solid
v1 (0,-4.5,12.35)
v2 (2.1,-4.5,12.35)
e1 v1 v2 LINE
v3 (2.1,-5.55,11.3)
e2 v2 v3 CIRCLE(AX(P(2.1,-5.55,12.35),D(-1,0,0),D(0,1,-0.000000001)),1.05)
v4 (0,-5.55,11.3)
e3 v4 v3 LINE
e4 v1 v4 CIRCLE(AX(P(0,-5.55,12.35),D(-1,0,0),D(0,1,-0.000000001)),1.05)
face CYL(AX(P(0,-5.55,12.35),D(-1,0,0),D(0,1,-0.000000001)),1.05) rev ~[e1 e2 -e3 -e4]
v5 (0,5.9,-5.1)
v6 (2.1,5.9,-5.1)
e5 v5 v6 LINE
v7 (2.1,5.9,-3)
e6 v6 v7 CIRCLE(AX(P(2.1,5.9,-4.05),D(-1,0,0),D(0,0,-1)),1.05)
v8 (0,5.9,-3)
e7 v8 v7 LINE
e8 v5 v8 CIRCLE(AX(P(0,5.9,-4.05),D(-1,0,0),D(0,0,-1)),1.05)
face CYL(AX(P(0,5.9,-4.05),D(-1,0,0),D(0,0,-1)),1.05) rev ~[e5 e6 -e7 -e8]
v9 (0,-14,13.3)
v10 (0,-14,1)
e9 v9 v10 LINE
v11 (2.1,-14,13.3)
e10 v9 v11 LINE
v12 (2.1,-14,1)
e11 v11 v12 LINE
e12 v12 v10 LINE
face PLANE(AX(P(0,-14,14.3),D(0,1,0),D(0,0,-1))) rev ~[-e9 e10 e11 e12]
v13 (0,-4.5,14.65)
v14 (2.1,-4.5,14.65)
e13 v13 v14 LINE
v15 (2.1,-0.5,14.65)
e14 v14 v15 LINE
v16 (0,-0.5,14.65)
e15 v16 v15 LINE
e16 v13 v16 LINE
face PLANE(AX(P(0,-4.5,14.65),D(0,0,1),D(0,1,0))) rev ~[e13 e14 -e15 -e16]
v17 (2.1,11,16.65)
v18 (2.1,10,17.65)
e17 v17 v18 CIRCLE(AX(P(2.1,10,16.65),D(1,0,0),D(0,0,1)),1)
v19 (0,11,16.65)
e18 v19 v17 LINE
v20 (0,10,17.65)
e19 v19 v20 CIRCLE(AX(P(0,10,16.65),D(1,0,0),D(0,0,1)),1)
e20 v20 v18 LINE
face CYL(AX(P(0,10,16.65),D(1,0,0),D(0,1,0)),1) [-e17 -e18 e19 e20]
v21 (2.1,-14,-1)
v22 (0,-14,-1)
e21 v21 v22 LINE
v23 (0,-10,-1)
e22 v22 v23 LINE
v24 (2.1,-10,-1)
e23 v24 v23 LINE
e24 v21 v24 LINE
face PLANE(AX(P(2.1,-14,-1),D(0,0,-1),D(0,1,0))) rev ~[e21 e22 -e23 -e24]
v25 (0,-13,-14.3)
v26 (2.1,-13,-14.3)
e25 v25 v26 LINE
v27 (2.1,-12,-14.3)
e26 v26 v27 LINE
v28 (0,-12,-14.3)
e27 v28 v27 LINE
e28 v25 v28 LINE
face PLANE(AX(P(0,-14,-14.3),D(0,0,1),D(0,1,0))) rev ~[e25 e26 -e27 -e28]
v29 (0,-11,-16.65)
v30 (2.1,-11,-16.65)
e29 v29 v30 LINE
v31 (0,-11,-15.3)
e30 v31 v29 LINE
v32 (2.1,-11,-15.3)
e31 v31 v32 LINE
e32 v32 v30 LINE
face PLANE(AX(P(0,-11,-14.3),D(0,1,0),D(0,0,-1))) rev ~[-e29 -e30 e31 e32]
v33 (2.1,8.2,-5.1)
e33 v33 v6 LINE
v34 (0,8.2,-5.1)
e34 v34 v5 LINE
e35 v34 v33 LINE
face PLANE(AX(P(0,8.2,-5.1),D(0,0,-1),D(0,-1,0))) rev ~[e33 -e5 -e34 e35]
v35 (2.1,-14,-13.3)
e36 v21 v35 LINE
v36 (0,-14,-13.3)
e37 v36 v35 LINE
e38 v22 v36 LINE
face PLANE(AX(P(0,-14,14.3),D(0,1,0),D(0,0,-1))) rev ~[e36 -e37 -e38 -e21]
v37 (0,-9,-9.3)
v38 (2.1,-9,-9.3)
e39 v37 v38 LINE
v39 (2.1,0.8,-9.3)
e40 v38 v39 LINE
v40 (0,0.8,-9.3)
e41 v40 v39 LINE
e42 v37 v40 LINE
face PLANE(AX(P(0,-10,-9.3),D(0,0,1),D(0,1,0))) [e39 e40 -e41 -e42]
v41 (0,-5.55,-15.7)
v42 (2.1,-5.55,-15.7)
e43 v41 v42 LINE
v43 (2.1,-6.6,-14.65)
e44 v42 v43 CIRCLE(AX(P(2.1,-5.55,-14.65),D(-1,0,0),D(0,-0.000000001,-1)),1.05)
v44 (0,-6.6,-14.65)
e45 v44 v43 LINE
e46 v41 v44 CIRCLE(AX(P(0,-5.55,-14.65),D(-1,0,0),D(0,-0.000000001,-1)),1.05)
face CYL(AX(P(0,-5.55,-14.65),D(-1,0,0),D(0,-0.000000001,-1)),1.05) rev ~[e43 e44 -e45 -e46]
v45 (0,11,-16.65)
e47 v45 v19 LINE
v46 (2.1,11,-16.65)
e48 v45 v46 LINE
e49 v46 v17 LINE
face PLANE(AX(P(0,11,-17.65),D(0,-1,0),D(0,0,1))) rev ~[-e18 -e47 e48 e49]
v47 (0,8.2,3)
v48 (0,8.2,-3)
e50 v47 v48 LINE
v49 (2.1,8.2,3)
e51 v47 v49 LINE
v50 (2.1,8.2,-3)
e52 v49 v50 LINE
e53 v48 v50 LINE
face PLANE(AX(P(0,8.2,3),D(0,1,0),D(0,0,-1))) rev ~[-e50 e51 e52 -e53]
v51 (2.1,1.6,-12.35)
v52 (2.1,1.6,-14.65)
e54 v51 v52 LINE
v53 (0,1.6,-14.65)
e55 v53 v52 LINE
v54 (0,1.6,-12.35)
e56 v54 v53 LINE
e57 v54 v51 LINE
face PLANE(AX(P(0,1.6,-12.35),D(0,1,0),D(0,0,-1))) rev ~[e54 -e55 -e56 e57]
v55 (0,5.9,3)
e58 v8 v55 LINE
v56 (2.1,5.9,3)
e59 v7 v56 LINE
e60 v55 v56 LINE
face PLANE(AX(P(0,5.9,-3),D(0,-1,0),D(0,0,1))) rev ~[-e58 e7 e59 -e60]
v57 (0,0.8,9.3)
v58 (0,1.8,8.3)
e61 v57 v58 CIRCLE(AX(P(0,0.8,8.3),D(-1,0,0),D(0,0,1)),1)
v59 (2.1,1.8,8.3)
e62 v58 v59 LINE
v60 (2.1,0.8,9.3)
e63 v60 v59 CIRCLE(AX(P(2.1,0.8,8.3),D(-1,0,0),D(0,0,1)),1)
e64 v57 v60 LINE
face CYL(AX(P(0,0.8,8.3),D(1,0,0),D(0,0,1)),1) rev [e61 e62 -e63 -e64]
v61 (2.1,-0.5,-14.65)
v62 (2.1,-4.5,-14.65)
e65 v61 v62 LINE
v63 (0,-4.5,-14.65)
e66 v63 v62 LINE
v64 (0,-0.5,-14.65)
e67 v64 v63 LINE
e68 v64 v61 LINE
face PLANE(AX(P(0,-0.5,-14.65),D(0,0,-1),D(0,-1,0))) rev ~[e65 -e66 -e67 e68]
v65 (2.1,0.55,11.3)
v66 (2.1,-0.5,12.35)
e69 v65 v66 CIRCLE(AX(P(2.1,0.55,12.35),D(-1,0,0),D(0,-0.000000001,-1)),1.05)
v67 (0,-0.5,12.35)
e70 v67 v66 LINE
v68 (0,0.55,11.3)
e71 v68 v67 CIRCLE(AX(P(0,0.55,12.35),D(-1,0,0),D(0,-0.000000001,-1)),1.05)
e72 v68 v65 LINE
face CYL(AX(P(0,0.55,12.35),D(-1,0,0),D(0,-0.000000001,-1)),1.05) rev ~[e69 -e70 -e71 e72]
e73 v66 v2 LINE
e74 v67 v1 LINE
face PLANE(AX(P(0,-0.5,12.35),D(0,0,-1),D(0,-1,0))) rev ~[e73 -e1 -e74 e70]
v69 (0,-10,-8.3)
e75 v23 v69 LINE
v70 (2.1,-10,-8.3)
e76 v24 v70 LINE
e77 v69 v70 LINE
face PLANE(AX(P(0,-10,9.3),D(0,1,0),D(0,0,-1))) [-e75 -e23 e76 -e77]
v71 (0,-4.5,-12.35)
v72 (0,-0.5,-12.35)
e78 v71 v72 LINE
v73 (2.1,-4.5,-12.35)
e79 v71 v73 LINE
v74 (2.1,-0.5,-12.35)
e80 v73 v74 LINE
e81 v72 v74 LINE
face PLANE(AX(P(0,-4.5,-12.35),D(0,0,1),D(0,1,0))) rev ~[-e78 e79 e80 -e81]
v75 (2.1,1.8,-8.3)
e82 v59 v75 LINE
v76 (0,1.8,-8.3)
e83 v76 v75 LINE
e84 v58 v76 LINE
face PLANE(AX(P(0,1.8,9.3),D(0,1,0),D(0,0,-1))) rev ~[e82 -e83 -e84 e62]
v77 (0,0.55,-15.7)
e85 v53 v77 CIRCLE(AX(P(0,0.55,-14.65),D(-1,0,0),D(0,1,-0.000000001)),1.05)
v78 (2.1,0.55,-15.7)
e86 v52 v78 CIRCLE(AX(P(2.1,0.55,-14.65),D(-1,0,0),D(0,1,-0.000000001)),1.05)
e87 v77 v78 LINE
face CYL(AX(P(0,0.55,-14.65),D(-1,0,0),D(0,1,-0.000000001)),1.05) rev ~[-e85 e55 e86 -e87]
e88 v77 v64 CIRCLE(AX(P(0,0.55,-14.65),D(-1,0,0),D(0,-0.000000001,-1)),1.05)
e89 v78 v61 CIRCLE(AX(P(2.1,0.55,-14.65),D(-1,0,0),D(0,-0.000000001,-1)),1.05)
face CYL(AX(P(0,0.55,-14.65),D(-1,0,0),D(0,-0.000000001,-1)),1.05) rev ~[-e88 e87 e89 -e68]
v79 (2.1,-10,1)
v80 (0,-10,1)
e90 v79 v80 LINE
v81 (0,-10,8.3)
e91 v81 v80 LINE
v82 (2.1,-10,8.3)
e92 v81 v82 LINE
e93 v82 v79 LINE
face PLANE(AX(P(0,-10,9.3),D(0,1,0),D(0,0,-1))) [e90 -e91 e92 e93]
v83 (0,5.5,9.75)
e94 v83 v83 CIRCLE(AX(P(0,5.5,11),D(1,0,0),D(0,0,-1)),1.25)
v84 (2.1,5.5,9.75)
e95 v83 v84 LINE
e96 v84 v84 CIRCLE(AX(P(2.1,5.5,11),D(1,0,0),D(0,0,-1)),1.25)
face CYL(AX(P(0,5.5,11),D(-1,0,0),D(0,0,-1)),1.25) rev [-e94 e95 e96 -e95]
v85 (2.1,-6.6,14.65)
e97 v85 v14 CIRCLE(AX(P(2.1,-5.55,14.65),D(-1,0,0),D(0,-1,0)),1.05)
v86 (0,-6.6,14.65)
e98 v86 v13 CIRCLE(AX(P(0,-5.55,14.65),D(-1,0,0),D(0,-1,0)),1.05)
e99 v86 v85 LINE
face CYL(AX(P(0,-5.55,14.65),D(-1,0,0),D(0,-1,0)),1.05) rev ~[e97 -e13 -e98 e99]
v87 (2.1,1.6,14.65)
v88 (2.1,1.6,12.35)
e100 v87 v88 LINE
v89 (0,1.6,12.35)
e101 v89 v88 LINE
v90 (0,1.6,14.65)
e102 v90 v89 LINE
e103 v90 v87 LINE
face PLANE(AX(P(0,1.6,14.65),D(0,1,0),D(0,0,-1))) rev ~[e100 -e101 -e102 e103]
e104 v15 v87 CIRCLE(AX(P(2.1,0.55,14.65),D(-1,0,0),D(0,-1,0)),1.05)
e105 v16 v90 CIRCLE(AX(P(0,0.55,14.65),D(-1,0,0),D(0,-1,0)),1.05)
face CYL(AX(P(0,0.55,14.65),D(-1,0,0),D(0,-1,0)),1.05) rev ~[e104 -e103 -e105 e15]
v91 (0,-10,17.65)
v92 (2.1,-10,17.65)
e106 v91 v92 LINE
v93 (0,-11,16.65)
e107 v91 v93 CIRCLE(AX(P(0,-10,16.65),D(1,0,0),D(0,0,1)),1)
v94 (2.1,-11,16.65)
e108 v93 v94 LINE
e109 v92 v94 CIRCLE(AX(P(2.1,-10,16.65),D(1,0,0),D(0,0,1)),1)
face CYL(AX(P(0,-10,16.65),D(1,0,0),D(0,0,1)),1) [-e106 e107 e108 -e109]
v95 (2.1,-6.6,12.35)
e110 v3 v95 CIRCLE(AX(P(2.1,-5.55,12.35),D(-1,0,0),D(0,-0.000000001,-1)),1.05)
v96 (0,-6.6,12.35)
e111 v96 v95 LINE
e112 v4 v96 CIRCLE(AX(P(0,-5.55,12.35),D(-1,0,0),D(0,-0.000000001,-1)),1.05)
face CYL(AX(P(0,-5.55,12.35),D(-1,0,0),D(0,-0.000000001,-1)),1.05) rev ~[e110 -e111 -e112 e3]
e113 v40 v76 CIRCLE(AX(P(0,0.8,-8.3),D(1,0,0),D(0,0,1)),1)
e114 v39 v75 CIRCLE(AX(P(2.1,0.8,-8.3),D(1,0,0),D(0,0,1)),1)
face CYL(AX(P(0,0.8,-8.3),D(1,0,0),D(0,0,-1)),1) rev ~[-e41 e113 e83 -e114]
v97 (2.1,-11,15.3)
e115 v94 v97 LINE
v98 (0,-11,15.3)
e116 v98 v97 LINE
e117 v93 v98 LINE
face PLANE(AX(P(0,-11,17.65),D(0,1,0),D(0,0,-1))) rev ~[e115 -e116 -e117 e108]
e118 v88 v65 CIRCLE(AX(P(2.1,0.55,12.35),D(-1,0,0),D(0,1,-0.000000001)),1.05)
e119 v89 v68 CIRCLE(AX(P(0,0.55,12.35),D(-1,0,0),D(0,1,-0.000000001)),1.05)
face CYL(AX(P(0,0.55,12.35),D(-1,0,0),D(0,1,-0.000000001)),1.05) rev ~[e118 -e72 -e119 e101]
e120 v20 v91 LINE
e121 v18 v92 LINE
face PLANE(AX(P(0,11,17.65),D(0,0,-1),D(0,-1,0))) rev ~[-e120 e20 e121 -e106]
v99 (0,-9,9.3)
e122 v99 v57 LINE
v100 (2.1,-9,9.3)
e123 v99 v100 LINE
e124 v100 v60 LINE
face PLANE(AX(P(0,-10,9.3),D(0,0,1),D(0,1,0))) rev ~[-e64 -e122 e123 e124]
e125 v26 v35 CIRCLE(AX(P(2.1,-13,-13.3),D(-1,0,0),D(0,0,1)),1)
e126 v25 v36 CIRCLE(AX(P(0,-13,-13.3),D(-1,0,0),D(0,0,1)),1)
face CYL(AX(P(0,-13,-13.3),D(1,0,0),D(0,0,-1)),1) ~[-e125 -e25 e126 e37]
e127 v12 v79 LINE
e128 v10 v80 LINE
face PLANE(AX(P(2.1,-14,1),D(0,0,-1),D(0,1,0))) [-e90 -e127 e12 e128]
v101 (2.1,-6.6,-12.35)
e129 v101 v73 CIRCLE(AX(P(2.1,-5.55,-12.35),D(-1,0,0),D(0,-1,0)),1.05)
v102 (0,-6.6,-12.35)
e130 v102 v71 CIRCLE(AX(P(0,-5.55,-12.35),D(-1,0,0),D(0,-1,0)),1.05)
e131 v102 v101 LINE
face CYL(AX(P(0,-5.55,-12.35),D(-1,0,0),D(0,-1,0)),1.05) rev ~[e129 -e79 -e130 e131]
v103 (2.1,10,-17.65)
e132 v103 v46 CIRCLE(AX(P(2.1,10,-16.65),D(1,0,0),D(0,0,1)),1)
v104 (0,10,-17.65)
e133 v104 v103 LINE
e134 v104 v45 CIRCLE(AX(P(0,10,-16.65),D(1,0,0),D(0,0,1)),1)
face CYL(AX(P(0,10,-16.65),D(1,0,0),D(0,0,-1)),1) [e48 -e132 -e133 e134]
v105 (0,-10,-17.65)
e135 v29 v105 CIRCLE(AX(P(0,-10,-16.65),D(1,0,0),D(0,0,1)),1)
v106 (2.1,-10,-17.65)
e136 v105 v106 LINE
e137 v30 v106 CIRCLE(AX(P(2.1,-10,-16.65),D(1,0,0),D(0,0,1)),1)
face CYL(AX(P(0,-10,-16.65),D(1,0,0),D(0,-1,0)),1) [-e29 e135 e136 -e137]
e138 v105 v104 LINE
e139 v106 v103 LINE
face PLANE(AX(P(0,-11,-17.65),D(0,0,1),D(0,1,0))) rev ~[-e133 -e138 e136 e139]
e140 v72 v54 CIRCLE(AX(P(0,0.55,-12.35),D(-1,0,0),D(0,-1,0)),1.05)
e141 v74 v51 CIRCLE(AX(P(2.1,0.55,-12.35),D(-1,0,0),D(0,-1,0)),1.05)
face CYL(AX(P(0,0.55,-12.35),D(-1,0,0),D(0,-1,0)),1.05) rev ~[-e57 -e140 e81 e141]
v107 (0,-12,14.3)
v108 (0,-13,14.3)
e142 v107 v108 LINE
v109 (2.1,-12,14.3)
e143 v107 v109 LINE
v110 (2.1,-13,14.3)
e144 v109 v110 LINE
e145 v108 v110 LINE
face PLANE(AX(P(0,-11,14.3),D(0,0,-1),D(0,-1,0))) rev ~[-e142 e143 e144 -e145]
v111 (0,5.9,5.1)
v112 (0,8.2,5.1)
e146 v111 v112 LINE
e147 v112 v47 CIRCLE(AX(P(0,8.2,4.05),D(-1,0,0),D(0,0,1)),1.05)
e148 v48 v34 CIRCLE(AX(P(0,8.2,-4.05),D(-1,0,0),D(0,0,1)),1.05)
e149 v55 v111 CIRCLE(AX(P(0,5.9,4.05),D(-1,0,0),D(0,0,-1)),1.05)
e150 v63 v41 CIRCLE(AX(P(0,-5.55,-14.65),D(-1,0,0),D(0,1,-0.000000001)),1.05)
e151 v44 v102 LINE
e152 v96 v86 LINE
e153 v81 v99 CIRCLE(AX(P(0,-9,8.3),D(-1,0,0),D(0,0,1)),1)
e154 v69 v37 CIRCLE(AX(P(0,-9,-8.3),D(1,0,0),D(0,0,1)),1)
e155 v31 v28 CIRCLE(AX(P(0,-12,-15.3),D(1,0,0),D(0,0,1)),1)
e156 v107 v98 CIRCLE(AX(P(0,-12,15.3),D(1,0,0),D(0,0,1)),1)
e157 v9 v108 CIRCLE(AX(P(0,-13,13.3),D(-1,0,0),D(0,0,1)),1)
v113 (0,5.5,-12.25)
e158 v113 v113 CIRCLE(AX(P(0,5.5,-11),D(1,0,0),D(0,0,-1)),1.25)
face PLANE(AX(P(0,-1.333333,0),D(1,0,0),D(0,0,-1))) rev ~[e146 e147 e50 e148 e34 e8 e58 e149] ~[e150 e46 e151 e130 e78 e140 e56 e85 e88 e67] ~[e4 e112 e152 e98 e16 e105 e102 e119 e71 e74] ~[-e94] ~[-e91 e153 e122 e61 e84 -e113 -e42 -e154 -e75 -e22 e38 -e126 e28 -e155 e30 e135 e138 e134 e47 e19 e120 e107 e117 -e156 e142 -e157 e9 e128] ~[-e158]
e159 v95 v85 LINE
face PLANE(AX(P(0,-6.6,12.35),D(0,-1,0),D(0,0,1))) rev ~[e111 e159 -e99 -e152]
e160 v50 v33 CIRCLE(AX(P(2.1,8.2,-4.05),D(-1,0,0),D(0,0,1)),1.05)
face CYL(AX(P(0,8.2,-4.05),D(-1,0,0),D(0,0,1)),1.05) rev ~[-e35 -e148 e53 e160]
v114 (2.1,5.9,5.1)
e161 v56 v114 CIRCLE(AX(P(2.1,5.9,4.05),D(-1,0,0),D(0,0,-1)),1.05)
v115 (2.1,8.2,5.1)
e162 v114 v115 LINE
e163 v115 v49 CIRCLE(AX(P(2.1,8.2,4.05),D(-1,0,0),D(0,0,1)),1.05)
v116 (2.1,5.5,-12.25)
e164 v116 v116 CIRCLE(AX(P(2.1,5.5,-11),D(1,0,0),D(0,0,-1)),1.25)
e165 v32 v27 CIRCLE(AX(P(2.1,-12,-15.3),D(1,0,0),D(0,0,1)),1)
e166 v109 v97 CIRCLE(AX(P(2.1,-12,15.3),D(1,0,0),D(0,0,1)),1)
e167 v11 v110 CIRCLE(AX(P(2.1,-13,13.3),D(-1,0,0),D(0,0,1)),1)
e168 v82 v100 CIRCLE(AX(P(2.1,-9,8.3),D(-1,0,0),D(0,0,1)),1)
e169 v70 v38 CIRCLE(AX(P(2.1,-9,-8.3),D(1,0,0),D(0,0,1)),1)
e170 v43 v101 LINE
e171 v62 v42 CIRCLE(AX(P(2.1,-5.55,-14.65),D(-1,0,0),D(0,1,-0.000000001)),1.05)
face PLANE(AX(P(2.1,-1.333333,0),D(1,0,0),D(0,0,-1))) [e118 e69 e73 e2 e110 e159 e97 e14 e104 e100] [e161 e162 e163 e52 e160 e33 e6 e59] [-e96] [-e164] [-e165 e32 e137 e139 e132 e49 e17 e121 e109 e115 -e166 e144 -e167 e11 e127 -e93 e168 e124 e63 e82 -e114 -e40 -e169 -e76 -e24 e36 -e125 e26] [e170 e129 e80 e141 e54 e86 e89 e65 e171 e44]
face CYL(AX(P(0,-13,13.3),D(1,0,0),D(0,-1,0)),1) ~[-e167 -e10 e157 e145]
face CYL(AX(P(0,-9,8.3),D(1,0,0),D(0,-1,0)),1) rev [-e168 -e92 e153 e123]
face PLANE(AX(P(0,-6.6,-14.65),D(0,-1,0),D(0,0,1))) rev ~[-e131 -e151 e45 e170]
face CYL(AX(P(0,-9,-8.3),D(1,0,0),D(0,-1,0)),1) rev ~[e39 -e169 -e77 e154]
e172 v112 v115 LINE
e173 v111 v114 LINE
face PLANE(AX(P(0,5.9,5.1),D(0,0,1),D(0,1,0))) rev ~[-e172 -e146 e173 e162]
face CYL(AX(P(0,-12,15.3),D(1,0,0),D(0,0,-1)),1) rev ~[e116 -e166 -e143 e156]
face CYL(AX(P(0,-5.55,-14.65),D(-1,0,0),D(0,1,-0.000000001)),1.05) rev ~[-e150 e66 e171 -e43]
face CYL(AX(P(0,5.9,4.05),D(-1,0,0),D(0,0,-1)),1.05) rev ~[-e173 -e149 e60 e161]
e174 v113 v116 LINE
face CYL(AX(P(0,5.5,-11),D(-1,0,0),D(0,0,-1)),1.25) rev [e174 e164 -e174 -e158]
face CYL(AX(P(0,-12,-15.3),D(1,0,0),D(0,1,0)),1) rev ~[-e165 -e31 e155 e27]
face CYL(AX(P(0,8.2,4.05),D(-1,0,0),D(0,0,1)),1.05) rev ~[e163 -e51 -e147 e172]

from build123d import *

# Parameters (mm, degrees)
SKETCH_1_W          = 18.6
SKETCH_1_H          = 11.8
SKETCH_1_R          = 1.25
EXTRUDE_1_DEPTH     = 2.1
FILLET_1_R          = 1
SKETCH_2_W          = 2
SKETCH_2_H          = 4
CUT_EXTRUDE_1_DEPTH = 10


with BuildPart() as part:
    # 草图1 → 凸台-拉伸1 (new body)
    with BuildSketch(Plane(origin=(0, 0, 0), x_dir=(0, 0, -1), z_dir=(1, 0, 0))):
        Polygon((14.3, -11), (17.65, -11), (17.65, 11), (-17.65, 11), (-17.65, -11), (-14.3, -11), (-14.3, -14), (14.3, -14), align=None)
        with BuildLine():
            ThreePointArc((-11.3, -5.55), (-11.60753788, -6.29246212), (-12.35, -6.6))
            Line((-12.35, -6.6), (-14.65, -6.6))
            ThreePointArc((-14.65, -6.6), (-15.7, -5.55), (-14.65, -4.5))
            Line((-14.65, -4.5), (-14.65, -0.5))
            ThreePointArc((-14.65, -0.5), (-15.7, 0.55), (-14.65, 1.6))
            Line((-14.65, 1.6), (-12.35, 1.6))
            ThreePointArc((-12.35, 1.6), (-11.60753788, 1.29246212), (-11.3, 0.55))
            ThreePointArc((-11.3, 0.55), (-11.60753788, -0.19246212), (-12.35, -0.5))
            Line((-12.35, -0.5), (-12.35, -4.5))
            ThreePointArc((-12.35, -4.5), (-11.60753788, -4.80753788), (-11.3, -5.55))
        make_face(mode=Mode.SUBTRACT)
        with Locations((0, -4.1)):
            Rectangle(SKETCH_1_W, SKETCH_1_H, mode=Mode.SUBTRACT)
        with BuildLine():
            ThreePointArc((15.7, -5.55), (15.39246212, -6.29246212), (14.65, -6.6))
            Line((14.65, -6.6), (12.35, -6.6))
            ThreePointArc((12.35, -6.6), (11.3, -5.55), (12.35, -4.5))
            Line((12.35, -4.5), (12.35, -0.5))
            ThreePointArc((12.35, -0.5), (11.3, 0.55), (12.35, 1.6))
            Line((12.35, 1.6), (14.65, 1.6))
            ThreePointArc((14.65, 1.6), (15.39246212, 1.29246212), (15.7, 0.55))
            ThreePointArc((15.7, 0.55), (15.39246212, -0.19246212), (14.65, -0.5))
            Line((14.65, -0.5), (14.65, -4.5))
            ThreePointArc((14.65, -4.5), (15.39246212, -4.80753788), (15.7, -5.55))
        make_face(mode=Mode.SUBTRACT)
        with Locations((-11, 5.5)):
            Circle(SKETCH_1_R, mode=Mode.SUBTRACT)
        with BuildLine():
            Line((3, 5.9), (-3, 5.9))
            ThreePointArc((-3, 5.9), (-4.05, 4.85), (-5.1, 5.9))
            Line((-5.1, 5.9), (-5.1, 8.2))
            ThreePointArc((-5.1, 8.2), (-4.05, 9.25), (-3, 8.2))
            Line((-3, 8.2), (3, 8.2))
            ThreePointArc((3, 8.2), (4.05, 9.25), (5.1, 8.2))
            Line((5.1, 8.2), (5.1, 5.9))
            ThreePointArc((5.1, 5.9), (4.05, 4.85), (3, 5.9))
        make_face(mode=Mode.SUBTRACT)
        with Locations((11, 5.5)):
            Circle(SKETCH_1_R, mode=Mode.SUBTRACT)
    extrude(amount=EXTRUDE_1_DEPTH)

    # 圆角1
    fillet_1_edges = [part.edges().sort_by_distance(p)[0] for p in [
        (1.05, -11, 17.65),
        (1.05, 11, 17.65),
        (1.05, 11, -17.65),
        (1.05, -11, -17.65),
        (1.05, -11, -14.3),
        (1.05, -14, -14.3),
        (1.05, -14, 14.3),
        (1.05, -11, 14.3),
        (1.05, -10, -9.3),
        (1.05, 1.8, -9.3),
        (1.05, 1.8, 9.3),
        (1.05, -10, 9.3),
    ]]
    fillet(fillet_1_edges, radius=FILLET_1_R)

    # 草图2 → 切除-拉伸1 (cut)
    with BuildSketch(Plane(origin=(2.1, 0, 0), x_dir=(0, 0, -1), z_dir=(1, 0, 0))):
        with Locations((0, -12)):
            Rectangle(SKETCH_2_W, SKETCH_2_H)
    extrude(amount=-CUT_EXTRUDE_1_DEPTH, mode=Mode.SUBTRACT)


solid = part.part
